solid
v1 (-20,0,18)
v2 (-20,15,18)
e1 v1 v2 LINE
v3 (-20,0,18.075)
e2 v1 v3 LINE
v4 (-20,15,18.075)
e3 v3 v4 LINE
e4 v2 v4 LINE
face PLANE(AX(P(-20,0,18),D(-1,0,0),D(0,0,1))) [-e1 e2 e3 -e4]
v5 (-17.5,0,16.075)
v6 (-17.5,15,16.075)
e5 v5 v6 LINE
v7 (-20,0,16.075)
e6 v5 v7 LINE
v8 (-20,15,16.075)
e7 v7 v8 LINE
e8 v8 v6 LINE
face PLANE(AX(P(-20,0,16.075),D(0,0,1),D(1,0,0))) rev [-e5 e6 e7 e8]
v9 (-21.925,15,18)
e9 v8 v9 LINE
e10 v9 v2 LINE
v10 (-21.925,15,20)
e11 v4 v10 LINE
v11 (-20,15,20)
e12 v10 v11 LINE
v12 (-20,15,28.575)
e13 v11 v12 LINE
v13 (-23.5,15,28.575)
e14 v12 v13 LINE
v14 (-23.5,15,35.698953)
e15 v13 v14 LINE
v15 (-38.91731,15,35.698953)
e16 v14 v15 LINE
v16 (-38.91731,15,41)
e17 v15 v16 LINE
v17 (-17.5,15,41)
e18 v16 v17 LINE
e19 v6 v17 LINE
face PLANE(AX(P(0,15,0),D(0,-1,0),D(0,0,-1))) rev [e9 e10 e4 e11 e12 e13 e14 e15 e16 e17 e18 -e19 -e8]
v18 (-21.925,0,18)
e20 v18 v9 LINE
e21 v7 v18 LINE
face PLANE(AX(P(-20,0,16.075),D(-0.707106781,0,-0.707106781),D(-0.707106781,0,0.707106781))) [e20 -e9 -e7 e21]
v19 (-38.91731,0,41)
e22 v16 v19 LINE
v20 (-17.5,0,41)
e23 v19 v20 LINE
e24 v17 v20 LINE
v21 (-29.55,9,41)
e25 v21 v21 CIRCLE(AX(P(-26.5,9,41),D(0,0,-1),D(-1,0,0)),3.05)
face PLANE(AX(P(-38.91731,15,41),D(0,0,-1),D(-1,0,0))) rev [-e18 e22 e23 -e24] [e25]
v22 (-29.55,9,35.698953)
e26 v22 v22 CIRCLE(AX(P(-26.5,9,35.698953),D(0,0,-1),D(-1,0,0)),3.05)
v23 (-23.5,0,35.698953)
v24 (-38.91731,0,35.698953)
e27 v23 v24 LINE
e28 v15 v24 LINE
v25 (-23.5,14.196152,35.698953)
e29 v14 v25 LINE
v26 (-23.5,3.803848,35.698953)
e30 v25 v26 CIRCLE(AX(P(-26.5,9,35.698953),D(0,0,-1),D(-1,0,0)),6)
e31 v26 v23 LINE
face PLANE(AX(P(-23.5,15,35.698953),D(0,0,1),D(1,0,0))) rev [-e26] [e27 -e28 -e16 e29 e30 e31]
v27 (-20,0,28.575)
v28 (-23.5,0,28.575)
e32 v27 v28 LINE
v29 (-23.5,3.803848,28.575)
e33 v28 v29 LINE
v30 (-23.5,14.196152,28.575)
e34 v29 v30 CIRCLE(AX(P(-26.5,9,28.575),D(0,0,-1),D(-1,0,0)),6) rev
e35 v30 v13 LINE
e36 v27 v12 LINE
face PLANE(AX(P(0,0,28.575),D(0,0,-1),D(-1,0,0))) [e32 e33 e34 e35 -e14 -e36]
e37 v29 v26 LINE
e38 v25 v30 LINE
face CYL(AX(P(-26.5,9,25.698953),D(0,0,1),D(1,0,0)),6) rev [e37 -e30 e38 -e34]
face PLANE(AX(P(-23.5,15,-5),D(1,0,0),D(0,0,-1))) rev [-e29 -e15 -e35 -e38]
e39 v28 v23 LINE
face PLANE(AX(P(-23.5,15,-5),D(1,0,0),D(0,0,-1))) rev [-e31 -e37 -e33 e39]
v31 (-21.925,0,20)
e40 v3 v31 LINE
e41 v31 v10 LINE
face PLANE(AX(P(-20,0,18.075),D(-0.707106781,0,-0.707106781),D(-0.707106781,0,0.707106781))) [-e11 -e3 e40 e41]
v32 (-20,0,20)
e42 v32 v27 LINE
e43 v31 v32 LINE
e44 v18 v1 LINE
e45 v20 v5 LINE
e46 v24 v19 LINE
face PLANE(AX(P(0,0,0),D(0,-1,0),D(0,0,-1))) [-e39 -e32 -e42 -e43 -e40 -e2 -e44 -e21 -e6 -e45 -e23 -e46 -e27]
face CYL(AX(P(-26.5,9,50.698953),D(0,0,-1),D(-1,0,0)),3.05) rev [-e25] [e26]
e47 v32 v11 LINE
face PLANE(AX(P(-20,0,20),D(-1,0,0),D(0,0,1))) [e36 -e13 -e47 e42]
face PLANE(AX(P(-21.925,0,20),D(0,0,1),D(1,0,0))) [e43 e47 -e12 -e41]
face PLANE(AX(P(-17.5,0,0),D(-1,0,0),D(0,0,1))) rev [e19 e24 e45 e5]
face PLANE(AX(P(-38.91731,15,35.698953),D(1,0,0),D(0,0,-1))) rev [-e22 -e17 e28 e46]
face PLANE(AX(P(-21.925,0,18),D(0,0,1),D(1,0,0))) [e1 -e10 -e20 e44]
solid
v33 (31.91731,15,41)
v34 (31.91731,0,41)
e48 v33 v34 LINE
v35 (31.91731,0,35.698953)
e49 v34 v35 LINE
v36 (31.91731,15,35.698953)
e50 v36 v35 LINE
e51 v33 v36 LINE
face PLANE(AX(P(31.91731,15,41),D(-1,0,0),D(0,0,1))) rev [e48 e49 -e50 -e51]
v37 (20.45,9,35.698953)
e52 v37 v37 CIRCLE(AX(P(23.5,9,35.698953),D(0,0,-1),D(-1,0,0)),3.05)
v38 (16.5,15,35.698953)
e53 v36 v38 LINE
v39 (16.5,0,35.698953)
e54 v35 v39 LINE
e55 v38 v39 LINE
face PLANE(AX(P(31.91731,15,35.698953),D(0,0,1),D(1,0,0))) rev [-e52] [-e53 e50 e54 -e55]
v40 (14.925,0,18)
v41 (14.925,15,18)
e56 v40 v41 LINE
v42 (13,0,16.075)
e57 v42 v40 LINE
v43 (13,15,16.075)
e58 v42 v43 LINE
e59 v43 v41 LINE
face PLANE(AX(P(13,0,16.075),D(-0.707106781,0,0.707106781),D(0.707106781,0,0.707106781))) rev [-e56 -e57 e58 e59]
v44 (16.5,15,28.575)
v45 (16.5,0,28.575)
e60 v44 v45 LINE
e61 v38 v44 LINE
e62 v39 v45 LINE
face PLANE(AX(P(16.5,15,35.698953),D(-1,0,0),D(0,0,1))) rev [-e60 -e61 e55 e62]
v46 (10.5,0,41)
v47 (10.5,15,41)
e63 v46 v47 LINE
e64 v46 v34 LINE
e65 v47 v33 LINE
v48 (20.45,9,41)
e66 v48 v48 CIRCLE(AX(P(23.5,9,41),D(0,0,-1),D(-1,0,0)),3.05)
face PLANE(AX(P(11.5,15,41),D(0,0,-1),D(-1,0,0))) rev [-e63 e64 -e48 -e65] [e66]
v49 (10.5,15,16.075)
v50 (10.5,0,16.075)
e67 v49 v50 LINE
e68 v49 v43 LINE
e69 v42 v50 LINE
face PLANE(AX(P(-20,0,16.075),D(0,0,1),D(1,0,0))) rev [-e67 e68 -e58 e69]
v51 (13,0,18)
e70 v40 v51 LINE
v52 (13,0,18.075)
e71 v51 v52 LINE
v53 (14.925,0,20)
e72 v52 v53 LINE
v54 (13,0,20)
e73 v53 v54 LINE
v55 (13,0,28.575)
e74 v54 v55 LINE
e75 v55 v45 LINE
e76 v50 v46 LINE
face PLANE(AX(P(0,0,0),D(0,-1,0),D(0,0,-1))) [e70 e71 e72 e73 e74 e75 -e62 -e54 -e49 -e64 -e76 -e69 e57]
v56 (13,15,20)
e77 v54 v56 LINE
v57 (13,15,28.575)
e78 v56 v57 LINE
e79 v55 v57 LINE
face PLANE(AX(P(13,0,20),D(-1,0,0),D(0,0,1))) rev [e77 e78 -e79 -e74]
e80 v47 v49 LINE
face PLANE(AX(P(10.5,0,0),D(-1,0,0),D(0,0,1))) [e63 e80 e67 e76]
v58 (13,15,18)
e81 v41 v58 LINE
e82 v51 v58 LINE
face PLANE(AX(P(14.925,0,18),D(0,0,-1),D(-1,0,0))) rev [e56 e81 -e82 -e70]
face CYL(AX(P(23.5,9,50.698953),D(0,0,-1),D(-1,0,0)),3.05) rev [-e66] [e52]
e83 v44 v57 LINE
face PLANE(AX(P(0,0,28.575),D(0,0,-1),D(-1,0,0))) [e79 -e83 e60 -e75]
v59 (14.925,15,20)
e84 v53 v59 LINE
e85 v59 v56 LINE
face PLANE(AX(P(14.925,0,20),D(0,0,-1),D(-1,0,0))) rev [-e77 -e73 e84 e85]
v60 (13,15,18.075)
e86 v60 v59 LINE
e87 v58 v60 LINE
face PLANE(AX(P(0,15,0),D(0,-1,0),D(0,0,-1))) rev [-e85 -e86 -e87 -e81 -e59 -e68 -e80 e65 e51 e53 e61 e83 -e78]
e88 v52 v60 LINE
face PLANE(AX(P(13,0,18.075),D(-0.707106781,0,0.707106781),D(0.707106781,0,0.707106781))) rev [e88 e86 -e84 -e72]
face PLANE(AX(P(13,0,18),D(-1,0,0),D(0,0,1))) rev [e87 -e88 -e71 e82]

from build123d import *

# Parameters (mm, degrees)
BOSS_EXTRUDE1_DEPTH = 15
SKETCH3_R           = 3.05
CUT_EXTRUDE1_DEPTH  = 15
CUT_EXTRUDE2_DEPTH  = 59.485528143
SKETCH5_R           = 6
CUT_EXTRUDE3_DEPTH  = 10
SKETCH6_W           = 24.925
SKETCH6_H           = 15
BOSS_EXTRUDE2_DEPTH = 1
SKETCH7_W           = 24.925
SKETCH7_H           = 15
BOSS_EXTRUDE3_DEPTH = 1


with BuildPart() as part:
    # Sketch2 → Boss-Extrude1 (new body)
    with BuildSketch(Plane(origin=(0, 0, 0), x_dir=(1, 0, 0), z_dir=(0, 1, 0))):
        Polygon((-13.5, 0), (6.5, 0), (11.5, -5), (11.5, -41), (31.917309801, -41), (31.917309801, -35.69895288), (16.5, -35.69895288), (16.5, 5), (-23.5, 5), (-23.5, -35.69895288), (-38.917309801, -35.69895288), (-38.917309801, -41), (-18.5, -41), (-18.5, -5), align=None)
    extrude(amount=BOSS_EXTRUDE1_DEPTH)

    # Sketch3 → Cut-Extrude1 (cut)
    with BuildSketch(Plane(origin=(0, 0, 35.69895288), x_dir=(-1, 0, 0), z_dir=(0, 0, -1))):
        with Locations((26.5, 9)):
            Circle(SKETCH3_R)
        with Locations((-23.5, 9)):
            Circle(SKETCH3_R)
    extrude(amount=-CUT_EXTRUDE1_DEPTH, mode=Mode.SUBTRACT)

    # Sketch4 → Cut-Extrude2 (cut, through all)
    with BuildSketch(Plane(origin=(0, 15, 0), x_dir=(1, 0, 0), z_dir=(0, 1, 0))):
        Polygon((-20, -16.075), (-18.422599161, -16.075), (11.422599161, -16.075), (13, -16.075), (14.925, -18), (13, -18), (13, -18.075), (14.925, -20), (13, -20), (13, -28.575), (16.5, -28.575), (24.862996202, -28.575), (24.862996202, 6.300085517), (-33.250787424, 6.300085517), (-33.250787424, -28.575), (-23.5, -28.575), (-20, -28.575), (-20, -20), (-21.925, -20), (-20, -18.075), (-20, -18), (-21.925, -18), align=None)
    extrude(amount=-CUT_EXTRUDE2_DEPTH, mode=Mode.SUBTRACT)


with BuildPart() as cut_extrude2_piece_1:
    # of the separate pieces the step leaves, piece 1, a body of its own (cut_extrude2_pieces)
    add(part.part.solids().sort_by_distance((11.5, 0, 16.075))[0])

    # Sketch7 → Boss-Extrude3 (add)
    with BuildSketch(Plane.ZY.offset(-11.5)):
        with Locations((28.5375, 7.5)):
            Rectangle(SKETCH7_W, SKETCH7_H)
    extrude(amount=BOSS_EXTRUDE3_DEPTH)


with BuildPart() as cut_extrude2_piece_2:
    # of the separate pieces the step leaves, piece 2, a body of its own (cut_extrude2_pieces)
    add(part.part.solids().sort_by_distance((-18.5, 0, 41))[0])

    # Sketch5 → Cut-Extrude3 (cut)
    with BuildSketch(Plane(origin=(0, 0, 35.69895288), x_dir=(-1, 0, 0), z_dir=(0, 0, -1))):
        with Locations((26.5, 9)):
            Circle(SKETCH5_R)
    extrude(amount=CUT_EXTRUDE3_DEPTH, mode=Mode.SUBTRACT)

    # Sketch6 → Boss-Extrude2 (add)
    with BuildSketch(Plane(origin=(-18.5, 0, 0), x_dir=(0, 0, -1), z_dir=(1, 0, 0))):
        with Locations((-28.5375, 7.5)):
            Rectangle(SKETCH6_W, SKETCH6_H)
    extrude(amount=BOSS_EXTRUDE2_DEPTH)


solid = Compound([cut_extrude2_piece_1.part, cut_extrude2_piece_2.part])
